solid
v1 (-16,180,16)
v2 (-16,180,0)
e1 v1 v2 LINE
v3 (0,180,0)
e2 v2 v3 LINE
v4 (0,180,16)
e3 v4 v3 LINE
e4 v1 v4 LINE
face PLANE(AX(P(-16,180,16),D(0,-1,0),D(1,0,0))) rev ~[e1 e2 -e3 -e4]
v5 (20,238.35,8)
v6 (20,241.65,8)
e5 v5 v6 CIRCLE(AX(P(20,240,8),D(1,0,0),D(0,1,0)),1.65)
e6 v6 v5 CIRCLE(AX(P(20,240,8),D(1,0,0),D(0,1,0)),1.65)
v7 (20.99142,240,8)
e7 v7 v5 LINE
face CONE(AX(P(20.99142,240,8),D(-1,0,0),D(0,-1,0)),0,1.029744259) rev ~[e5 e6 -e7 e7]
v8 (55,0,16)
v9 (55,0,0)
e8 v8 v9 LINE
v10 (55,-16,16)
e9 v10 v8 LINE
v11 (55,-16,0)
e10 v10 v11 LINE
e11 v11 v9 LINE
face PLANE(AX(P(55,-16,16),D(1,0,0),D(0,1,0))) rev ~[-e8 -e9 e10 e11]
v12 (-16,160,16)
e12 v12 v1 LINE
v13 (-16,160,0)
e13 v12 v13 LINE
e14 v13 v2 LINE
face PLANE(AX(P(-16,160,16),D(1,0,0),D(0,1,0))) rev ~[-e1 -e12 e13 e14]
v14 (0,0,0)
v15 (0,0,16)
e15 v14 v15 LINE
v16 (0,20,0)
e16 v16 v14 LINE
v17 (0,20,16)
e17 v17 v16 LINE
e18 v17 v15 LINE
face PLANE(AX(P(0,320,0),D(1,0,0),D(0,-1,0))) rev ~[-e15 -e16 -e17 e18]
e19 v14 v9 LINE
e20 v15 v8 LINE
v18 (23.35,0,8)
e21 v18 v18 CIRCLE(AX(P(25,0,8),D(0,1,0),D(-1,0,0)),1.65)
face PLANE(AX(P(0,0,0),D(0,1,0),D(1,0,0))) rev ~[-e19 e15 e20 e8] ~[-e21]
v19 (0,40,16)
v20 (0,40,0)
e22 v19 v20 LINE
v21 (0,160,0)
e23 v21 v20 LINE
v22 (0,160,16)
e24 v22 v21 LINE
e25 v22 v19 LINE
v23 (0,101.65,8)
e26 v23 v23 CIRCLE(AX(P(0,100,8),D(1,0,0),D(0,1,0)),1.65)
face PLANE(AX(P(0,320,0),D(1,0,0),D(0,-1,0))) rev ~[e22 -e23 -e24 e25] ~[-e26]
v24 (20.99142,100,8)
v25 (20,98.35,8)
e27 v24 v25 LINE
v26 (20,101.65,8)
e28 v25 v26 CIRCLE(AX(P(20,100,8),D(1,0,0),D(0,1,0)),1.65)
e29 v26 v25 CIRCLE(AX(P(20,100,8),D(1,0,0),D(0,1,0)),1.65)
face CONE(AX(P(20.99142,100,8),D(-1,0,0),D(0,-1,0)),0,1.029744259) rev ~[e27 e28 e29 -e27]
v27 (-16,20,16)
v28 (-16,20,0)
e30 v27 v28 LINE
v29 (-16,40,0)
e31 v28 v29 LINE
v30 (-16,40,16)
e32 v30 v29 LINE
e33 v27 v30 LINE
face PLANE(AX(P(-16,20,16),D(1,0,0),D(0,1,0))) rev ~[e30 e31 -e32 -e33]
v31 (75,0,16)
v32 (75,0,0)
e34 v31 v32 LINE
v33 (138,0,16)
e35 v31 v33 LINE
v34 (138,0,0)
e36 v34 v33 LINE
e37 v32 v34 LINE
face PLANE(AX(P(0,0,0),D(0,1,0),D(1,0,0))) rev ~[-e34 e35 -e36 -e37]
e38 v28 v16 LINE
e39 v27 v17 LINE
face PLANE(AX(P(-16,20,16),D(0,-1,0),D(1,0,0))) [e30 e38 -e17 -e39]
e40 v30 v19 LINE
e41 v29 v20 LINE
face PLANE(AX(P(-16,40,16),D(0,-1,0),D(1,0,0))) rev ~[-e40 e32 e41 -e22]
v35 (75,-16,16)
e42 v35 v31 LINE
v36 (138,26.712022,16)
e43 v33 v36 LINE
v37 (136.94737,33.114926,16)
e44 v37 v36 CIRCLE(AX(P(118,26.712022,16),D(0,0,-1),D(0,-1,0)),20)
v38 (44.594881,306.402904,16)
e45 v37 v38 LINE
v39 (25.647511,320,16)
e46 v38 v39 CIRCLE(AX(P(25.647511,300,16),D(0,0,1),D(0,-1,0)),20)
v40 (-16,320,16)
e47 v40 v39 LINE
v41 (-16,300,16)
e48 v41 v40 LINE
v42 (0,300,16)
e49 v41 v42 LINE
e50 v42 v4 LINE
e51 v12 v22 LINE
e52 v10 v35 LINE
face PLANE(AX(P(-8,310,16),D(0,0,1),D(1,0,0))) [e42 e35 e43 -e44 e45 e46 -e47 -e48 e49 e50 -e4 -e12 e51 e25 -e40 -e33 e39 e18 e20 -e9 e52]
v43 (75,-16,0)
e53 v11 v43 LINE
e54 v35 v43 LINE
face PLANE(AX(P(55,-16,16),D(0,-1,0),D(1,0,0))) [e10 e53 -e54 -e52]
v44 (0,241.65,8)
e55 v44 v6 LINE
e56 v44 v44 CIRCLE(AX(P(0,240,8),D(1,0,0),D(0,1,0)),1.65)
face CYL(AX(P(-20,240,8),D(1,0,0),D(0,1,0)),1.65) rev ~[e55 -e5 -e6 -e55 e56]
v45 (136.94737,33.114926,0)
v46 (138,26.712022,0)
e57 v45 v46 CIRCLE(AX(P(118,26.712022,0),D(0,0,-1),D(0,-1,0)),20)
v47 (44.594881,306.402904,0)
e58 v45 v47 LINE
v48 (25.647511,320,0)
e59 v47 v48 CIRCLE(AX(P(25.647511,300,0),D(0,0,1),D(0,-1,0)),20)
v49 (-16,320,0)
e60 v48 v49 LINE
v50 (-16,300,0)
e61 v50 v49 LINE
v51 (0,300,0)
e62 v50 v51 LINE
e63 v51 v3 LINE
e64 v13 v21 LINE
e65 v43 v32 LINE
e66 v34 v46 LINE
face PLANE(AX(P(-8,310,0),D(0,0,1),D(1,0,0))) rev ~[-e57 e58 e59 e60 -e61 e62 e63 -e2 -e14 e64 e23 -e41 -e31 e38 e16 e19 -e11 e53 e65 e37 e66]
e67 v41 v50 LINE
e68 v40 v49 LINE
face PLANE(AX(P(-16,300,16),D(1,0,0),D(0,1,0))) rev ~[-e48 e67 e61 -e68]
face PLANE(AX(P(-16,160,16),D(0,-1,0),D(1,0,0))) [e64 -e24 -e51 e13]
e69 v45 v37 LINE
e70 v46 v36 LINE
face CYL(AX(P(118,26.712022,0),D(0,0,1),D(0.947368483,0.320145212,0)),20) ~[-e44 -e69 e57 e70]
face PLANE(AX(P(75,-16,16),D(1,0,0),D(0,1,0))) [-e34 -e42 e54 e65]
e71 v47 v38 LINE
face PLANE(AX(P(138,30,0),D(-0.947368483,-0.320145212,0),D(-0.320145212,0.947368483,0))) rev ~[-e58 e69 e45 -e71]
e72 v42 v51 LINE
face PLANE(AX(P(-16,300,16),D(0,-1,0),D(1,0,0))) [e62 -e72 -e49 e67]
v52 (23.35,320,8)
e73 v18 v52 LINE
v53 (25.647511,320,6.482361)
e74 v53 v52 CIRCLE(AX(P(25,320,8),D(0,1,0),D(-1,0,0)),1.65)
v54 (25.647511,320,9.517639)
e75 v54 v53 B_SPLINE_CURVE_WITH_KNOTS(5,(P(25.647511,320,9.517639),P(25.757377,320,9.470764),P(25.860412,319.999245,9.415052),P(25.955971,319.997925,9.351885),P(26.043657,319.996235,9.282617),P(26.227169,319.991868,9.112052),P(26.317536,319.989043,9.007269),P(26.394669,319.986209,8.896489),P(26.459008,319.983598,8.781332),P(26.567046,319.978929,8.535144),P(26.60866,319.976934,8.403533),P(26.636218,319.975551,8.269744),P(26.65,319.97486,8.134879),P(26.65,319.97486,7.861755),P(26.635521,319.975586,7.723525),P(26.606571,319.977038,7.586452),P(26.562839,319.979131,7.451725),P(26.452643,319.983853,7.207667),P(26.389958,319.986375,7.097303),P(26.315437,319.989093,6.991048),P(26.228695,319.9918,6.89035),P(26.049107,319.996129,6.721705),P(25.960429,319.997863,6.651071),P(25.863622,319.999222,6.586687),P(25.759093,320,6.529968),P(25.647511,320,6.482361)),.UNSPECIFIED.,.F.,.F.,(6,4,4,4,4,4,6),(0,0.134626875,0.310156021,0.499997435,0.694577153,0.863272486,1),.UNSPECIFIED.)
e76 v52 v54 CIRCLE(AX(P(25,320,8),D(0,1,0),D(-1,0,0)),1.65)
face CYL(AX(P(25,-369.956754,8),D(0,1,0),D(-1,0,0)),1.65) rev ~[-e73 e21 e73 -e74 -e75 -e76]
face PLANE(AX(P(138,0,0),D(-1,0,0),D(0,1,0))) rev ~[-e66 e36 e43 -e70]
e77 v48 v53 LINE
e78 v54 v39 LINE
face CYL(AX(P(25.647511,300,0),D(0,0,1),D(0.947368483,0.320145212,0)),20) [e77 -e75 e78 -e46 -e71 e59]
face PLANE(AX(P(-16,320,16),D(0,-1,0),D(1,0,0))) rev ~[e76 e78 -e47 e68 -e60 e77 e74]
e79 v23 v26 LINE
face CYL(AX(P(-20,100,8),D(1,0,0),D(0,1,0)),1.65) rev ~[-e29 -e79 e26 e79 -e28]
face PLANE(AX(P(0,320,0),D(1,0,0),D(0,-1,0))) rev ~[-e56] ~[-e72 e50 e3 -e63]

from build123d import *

# Parameters (mm, degrees)
F1_DEPTH = 16
F2_W     = 16
F2_H     = 20
F2_W_2   = 20
F2_H_2   = 16
F3_DEPTH = 16
F4_R     = 20
F6_D     = 3.3
F6_DEPTH = 20
F6_TIP   = 0.9914200214
F8_D     = 3.3


with BuildPart() as f1:
    # F0 (on Top) → F1 (new body)
    with BuildSketch(Plane.XY):
        Polygon((0, 320), (0, 0), (138, 0), (138, 30), (40, 320), align=None)
    extrude(amount=F1_DEPTH)

    # F2 (on face) → F3 (join, through all)
    with BuildSketch(Plane.XY.offset(16)):
        with Locations((-8, 310)):
            Rectangle(F2_W, F2_H)
        with Locations((-8, 170)):
            Rectangle(F2_W, F2_H)
        with Locations((65, -8)):
            Rectangle(F2_W_2, F2_H_2)
        with Locations((-8, 30)):
            Rectangle(F2_W, F2_H)
    extrude(amount=-F3_DEPTH)

    # F4
    f4_edges = [f1.edges().sort_by_distance(p)[0] for p in [
        (40, 320, 8),
        (138, 30, 8),
    ]]
    fillet(f4_edges, radius=F4_R)

    # F6
    with Locations(Plane(origin=(0, 0, 0), x_dir=(0, -1, 0), z_dir=(-1, 0, 0))):
        with Locations((-240, 8), (-100, 8)):
            Hole(F6_D / 2, depth=F6_DEPTH)
            with Locations((0, 0, -(F6_DEPTH + F6_TIP / 2))):  # 118° drill point
                Cone(0, F6_D / 2, F6_TIP, mode=Mode.SUBTRACT)

    # F8 (through all)
    with Locations(Plane.XZ):
        with Locations((25, 8)):
            Hole(F8_D / 2)


solid = f1.part
